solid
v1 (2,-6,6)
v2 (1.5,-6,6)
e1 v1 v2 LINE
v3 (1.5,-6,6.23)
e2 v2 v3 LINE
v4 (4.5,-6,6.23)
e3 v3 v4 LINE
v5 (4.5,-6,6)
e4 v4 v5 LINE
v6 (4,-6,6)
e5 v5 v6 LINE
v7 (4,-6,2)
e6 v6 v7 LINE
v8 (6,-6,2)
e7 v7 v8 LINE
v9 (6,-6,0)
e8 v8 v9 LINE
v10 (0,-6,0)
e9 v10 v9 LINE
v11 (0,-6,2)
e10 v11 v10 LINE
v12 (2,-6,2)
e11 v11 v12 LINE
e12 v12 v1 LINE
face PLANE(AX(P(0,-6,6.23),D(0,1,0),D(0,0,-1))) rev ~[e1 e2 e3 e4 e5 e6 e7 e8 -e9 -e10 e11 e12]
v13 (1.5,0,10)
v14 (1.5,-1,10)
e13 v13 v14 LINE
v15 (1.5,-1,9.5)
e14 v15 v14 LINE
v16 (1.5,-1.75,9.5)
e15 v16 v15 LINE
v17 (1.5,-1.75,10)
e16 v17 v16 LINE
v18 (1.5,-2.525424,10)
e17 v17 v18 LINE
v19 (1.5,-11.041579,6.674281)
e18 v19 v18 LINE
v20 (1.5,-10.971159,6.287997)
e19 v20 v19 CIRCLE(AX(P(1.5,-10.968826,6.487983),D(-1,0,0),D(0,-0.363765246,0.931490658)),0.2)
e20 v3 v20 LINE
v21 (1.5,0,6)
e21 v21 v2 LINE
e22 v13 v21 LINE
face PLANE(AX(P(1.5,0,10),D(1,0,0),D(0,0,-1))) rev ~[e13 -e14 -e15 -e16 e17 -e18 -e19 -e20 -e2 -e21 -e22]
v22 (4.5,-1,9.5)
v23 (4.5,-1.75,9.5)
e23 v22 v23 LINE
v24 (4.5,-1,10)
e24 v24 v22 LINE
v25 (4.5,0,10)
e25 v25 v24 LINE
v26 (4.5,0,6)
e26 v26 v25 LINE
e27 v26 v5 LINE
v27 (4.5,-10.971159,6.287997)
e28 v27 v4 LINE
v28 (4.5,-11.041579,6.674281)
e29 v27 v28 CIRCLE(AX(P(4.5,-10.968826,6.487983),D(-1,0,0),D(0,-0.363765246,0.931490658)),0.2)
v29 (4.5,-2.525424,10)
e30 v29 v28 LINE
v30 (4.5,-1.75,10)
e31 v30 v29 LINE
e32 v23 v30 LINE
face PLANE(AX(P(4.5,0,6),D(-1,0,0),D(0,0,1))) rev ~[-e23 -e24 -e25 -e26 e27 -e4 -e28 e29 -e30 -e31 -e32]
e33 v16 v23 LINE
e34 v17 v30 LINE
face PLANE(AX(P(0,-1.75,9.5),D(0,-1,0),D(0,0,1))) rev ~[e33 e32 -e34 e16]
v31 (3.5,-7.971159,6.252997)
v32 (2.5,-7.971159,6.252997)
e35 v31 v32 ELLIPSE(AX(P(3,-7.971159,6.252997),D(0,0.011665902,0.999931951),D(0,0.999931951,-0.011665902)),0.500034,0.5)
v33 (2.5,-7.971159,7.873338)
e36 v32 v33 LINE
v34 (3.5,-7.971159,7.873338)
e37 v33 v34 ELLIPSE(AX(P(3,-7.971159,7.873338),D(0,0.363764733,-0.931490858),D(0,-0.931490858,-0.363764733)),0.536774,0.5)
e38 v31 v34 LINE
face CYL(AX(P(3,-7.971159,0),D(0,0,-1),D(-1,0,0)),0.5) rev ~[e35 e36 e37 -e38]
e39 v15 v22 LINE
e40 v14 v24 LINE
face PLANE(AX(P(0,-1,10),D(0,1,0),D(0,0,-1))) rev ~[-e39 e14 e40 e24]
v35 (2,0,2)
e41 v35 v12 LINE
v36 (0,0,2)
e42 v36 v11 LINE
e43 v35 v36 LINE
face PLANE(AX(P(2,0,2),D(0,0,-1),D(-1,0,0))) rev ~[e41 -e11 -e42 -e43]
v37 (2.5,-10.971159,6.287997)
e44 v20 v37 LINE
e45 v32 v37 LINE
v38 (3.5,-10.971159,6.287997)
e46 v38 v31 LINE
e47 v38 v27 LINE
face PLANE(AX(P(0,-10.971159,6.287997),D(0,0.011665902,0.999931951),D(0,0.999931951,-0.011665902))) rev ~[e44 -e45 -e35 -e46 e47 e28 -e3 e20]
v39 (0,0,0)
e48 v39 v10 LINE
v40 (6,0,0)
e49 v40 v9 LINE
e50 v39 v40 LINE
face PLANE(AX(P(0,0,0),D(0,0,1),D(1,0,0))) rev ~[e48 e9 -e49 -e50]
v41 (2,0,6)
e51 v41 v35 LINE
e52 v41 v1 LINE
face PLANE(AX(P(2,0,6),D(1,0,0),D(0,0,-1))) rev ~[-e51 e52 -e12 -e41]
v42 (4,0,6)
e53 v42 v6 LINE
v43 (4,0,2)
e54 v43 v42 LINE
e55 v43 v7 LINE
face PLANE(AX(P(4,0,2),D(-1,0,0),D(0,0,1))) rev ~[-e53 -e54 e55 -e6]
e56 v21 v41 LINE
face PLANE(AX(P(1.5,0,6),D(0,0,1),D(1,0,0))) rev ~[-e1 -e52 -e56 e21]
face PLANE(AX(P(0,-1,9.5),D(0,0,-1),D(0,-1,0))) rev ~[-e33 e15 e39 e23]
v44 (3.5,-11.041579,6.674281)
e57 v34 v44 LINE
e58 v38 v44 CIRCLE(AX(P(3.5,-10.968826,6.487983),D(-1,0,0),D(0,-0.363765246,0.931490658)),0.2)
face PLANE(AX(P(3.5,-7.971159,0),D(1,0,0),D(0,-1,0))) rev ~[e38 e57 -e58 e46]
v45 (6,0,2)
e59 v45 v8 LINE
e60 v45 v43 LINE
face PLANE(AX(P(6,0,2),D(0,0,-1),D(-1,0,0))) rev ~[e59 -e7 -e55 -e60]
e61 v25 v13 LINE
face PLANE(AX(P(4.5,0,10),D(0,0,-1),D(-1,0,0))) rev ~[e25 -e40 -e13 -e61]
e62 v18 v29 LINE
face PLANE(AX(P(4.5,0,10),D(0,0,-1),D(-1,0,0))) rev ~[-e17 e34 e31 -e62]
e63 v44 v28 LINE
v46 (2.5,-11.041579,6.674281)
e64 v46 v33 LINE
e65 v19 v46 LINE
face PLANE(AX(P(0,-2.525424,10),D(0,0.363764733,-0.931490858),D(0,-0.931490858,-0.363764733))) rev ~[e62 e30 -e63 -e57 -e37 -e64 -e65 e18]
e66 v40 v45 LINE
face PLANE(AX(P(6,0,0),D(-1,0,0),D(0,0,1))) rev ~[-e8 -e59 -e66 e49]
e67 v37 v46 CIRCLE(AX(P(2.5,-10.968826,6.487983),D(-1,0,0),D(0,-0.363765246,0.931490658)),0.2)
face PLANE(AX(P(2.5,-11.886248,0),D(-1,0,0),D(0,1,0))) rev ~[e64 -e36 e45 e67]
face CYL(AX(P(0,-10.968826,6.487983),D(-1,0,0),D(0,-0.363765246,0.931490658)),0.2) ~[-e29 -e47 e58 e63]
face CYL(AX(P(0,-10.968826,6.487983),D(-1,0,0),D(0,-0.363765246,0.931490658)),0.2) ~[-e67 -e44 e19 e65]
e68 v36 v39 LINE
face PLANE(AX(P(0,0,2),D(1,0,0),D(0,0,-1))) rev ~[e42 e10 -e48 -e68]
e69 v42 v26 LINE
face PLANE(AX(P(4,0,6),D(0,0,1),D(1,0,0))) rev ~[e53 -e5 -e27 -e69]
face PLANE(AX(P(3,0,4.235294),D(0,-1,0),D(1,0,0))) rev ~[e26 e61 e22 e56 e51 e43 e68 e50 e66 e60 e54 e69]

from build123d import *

# Parameters (mm, degrees)
F1_DEPTH = 12
F3_DEPTH = 25
F5_DEPTH = 25


with BuildPart() as f1:
    # F0 (on Front) → F1 (new body)
    with BuildSketch(Plane.XZ):
        Polygon((0, 2), (0, 0), (6, 0), (6, 2), (4, 2), (4, 6), (4.5, 6), (4.5, 10), (1.5, 10), (1.5, 6), (2, 6), (2, 2), align=None)
    extrude(amount=F1_DEPTH)

    # F2 (on face) → F3 (cut)
    with BuildSketch(Plane(origin=(0, 0, 0), x_dir=(0, -1, 0), z_dir=(-1, 0, 0))):
        with BuildLine():
            Line((6, 6.23), (6, 0))
            Line((6, 0), (13.765802, 0))
            Line((13.765802, 0), (13.765802, 10.684827))
            Line((13.765802, 10.684827), (0, 10.684827))
            Line((0, 10.684827), (0, 10))
            Line((0, 10), (1, 10))
            Line((1, 10), (1, 9.5))
            Line((1, 9.5), (1.75, 9.5))
            Line((1.75, 9.5), (1.75, 10))
            Line((1.75, 10), (2.525424, 10))
            Line((2.525424, 10), (11.041579, 6.674281))
            ThreePointArc((11.041579, 6.674281), (11.165583, 6.452114), (10.971159, 6.287997))
            Line((10.971159, 6.287997), (6, 6.23))
        make_face()
    extrude(amount=-F3_DEPTH, mode=Mode.SUBTRACT)

    # F4 (on face) → F5 (cut)
    with BuildSketch(Plane(origin=(0, 0, 0), x_dir=(1, 0, 0), z_dir=(0, 0, -1))):
        with BuildLine():
            ThreePointArc((3.5, 11.886248), (3, 12.386248), (2.5, 11.886248))
            Line((2.5, 11.886248), (2.5, 7.971159))
            ThreePointArc((2.5, 7.971159), (3, 7.471159), (3.5, 7.971159))
            Line((3.5, 7.971159), (3.5, 11.886248))
        make_face()
    extrude(amount=-F5_DEPTH, mode=Mode.SUBTRACT)


solid = f1.part
